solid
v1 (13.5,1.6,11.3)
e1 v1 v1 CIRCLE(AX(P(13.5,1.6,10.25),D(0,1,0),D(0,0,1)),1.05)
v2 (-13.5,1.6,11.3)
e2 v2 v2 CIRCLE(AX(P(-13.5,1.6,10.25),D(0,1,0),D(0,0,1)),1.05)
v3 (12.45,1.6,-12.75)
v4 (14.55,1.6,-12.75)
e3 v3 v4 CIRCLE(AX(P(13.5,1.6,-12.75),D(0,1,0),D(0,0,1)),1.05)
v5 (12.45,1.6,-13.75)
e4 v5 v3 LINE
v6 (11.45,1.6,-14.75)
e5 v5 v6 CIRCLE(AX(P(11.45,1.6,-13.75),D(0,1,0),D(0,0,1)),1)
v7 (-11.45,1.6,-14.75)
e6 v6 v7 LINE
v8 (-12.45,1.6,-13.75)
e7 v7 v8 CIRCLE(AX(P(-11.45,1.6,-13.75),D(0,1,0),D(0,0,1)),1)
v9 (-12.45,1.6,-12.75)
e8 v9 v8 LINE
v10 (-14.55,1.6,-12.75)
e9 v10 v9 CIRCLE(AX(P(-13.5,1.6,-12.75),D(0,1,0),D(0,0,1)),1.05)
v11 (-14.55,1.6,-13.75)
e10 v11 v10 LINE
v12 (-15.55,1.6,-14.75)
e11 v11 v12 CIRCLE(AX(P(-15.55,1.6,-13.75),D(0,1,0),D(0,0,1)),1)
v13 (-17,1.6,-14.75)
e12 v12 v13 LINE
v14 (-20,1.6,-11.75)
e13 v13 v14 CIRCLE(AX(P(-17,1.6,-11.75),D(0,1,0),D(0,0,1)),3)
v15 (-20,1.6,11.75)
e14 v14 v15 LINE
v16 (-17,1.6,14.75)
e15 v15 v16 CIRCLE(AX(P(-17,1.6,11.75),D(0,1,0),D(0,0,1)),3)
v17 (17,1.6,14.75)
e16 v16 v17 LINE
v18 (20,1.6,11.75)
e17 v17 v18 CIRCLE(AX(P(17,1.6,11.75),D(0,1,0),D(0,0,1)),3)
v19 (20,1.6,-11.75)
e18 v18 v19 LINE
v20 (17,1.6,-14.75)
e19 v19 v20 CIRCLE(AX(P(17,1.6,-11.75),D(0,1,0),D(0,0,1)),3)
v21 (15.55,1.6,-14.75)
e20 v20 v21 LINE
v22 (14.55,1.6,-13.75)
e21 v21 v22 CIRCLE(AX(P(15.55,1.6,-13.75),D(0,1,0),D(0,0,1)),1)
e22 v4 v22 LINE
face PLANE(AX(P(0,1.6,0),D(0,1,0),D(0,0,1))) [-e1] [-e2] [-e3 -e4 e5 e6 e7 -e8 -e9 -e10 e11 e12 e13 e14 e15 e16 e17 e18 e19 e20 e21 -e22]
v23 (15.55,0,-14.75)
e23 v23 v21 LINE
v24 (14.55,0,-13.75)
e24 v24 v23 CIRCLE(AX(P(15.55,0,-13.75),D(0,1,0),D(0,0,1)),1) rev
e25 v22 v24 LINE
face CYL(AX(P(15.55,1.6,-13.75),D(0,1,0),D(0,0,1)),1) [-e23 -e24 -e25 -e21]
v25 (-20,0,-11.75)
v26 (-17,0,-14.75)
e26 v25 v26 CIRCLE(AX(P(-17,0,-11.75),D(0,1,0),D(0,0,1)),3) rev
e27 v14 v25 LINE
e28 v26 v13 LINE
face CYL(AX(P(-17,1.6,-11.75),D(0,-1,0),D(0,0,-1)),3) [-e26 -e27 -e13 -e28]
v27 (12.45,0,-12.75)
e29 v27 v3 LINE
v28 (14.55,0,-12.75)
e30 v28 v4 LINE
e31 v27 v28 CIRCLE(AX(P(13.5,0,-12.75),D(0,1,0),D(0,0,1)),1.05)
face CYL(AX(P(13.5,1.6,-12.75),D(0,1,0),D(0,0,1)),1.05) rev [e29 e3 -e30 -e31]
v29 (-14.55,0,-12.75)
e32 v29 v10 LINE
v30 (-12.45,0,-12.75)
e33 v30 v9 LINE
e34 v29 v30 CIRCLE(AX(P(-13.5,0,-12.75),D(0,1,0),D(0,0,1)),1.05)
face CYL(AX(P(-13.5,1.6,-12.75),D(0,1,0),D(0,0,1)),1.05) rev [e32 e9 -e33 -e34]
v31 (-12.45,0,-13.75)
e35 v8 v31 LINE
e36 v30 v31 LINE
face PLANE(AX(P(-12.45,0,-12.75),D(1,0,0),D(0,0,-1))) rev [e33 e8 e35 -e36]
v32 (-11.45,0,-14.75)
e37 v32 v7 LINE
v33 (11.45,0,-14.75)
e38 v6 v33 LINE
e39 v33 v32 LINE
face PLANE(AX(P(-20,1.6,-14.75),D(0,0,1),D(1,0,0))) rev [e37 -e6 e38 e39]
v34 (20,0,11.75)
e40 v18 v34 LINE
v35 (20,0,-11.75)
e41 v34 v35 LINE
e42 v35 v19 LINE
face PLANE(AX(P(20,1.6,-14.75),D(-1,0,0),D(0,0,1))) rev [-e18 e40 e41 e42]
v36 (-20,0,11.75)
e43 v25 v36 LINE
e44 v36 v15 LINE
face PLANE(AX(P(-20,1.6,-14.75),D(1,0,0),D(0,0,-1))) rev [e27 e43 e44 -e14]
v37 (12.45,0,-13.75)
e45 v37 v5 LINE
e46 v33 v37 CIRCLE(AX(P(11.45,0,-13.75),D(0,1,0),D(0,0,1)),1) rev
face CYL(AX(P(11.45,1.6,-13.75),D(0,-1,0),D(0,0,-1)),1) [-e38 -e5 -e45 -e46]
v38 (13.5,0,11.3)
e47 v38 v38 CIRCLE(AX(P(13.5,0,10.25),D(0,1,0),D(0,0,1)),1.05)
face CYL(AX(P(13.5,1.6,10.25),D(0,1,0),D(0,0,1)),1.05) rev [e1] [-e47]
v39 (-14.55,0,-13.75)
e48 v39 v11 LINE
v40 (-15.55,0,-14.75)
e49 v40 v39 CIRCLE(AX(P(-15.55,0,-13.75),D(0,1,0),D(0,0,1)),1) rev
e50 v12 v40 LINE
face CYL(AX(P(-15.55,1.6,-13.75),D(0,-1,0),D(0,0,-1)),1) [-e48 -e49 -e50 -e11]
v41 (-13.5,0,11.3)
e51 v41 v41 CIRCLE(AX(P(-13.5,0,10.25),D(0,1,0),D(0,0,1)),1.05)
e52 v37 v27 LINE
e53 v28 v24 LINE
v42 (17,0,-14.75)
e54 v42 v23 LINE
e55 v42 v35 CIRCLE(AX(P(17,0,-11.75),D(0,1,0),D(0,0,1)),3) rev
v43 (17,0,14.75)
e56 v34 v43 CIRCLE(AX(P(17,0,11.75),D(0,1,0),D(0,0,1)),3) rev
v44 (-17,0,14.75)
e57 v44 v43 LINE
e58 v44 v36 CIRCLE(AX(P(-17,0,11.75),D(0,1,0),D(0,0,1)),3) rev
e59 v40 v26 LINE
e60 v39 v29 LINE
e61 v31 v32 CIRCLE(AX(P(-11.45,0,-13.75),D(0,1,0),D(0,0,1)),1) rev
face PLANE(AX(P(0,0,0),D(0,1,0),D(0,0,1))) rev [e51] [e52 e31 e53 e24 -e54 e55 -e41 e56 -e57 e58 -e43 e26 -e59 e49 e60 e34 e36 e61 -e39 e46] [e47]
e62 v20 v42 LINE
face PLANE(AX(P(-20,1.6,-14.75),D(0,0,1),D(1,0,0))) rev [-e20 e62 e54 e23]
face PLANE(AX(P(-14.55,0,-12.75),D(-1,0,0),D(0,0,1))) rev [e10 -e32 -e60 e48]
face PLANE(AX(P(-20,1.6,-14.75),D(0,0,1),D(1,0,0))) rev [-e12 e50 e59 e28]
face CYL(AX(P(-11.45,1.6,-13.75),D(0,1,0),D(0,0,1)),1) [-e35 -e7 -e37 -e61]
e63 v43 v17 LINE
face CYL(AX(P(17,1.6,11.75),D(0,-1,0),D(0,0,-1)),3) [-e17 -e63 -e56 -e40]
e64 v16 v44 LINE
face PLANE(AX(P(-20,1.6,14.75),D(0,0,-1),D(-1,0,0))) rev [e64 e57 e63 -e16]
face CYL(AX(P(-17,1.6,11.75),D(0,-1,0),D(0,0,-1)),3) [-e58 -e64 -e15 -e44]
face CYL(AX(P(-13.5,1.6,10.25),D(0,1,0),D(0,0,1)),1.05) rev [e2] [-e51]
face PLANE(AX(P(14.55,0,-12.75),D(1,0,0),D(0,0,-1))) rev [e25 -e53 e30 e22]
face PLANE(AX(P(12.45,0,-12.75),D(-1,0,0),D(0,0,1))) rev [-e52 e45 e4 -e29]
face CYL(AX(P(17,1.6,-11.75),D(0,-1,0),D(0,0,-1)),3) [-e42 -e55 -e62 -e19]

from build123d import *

# Parameters (mm, degrees)
SKETCH1_W                = 40
SKETCH1_H                = 29.5
BOSS_EXTRUDE1_DEPTH      = 1.6
FILLET1_R                = 3
M2_CLEARANCE_HOLE3_D     = 2.1
M2_CLEARANCE_HOLE3_DEPTH = 5.2
M2_CLEARANCE_HOLE3_TIP   = 0.63090365
CUT_EXTRUDE2_DEPTH       = 25.902258934
CUT_EXTRUDE2_DEPTH_BACK  = 25.902258934
FILLET3_R                = 1


with BuildPart() as part:
    # Sketch1 → Boss-Extrude1 (new body)
    with BuildSketch(Plane(origin=(0, 0, 0), x_dir=(1, 0, 0), z_dir=(0, 1, 0))):
        Rectangle(SKETCH1_W, SKETCH1_H)
    extrude(amount=BOSS_EXTRUDE1_DEPTH)

    # Fillet1
    fillet1_edges = [part.edges().sort_by_distance(p)[0] for p in [
        (-20, 0.8, -14.75),
        (20, 0.8, -14.75),
        (20, 0.8, 14.75),
        (-20, 0.8, 14.75),
    ]]
    fillet(fillet1_edges, radius=FILLET1_R)

    # M2 Clearance Hole3
    with Locations(Plane(origin=(0, 1.6, 0), x_dir=(1, 0, 0), z_dir=(0, 1, 0))):
        with Locations((-13.5, 12.75), (13.5, 12.75), (13.5, -10.25), (-13.5, -10.25)):
            Hole(M2_CLEARANCE_HOLE3_D / 2, depth=M2_CLEARANCE_HOLE3_DEPTH)
            with Locations((0, 0, -(M2_CLEARANCE_HOLE3_DEPTH + M2_CLEARANCE_HOLE3_TIP / 2))):  # 118° drill point
                Cone(0, M2_CLEARANCE_HOLE3_D / 2, M2_CLEARANCE_HOLE3_TIP, mode=Mode.SUBTRACT)

    # Sketch10 → Cut-Extrude2 (cut, two sides: drawn at the far end of the back side and taken through both)
    with BuildSketch(Plane(origin=(0, 1.6, 0), x_dir=(1, 0, 0), z_dir=(0, 1, 0)).offset(-CUT_EXTRUDE2_DEPTH_BACK)):
        with BuildLine():
            Line((-14.55, 12.75), (-14.55, 17.75))
            ThreePointArc((-14.55, 17.75), (-13.5, 18.8), (-12.45, 17.75))
            Line((-12.45, 17.75), (-12.45, 12.75))
            ThreePointArc((-12.45, 12.75), (-13.5, 11.7), (-14.55, 12.75))
        make_face()
        with BuildLine():
            Line((14.55, 12.75), (14.55, 17.75))
            ThreePointArc((14.55, 17.75), (13.5, 18.8), (12.45, 17.75))
            Line((12.45, 17.75), (12.45, 12.75))
            ThreePointArc((12.45, 12.75), (13.5, 11.7), (14.55, 12.75))
        make_face()
    extrude(amount=CUT_EXTRUDE2_DEPTH + CUT_EXTRUDE2_DEPTH_BACK, mode=Mode.SUBTRACT)

    # Fillet3
    fillet3_edges = [part.edges().sort_by_distance(p)[0] for p in [
        (-14.55, 0.8, -14.75),
        (-12.45, 0.8, -14.75),
        (12.45, 0.8, -14.75),
        (14.55, 0.8, -14.75),
    ]]
    fillet(fillet3_edges, radius=FILLET3_R)


solid = part.part
